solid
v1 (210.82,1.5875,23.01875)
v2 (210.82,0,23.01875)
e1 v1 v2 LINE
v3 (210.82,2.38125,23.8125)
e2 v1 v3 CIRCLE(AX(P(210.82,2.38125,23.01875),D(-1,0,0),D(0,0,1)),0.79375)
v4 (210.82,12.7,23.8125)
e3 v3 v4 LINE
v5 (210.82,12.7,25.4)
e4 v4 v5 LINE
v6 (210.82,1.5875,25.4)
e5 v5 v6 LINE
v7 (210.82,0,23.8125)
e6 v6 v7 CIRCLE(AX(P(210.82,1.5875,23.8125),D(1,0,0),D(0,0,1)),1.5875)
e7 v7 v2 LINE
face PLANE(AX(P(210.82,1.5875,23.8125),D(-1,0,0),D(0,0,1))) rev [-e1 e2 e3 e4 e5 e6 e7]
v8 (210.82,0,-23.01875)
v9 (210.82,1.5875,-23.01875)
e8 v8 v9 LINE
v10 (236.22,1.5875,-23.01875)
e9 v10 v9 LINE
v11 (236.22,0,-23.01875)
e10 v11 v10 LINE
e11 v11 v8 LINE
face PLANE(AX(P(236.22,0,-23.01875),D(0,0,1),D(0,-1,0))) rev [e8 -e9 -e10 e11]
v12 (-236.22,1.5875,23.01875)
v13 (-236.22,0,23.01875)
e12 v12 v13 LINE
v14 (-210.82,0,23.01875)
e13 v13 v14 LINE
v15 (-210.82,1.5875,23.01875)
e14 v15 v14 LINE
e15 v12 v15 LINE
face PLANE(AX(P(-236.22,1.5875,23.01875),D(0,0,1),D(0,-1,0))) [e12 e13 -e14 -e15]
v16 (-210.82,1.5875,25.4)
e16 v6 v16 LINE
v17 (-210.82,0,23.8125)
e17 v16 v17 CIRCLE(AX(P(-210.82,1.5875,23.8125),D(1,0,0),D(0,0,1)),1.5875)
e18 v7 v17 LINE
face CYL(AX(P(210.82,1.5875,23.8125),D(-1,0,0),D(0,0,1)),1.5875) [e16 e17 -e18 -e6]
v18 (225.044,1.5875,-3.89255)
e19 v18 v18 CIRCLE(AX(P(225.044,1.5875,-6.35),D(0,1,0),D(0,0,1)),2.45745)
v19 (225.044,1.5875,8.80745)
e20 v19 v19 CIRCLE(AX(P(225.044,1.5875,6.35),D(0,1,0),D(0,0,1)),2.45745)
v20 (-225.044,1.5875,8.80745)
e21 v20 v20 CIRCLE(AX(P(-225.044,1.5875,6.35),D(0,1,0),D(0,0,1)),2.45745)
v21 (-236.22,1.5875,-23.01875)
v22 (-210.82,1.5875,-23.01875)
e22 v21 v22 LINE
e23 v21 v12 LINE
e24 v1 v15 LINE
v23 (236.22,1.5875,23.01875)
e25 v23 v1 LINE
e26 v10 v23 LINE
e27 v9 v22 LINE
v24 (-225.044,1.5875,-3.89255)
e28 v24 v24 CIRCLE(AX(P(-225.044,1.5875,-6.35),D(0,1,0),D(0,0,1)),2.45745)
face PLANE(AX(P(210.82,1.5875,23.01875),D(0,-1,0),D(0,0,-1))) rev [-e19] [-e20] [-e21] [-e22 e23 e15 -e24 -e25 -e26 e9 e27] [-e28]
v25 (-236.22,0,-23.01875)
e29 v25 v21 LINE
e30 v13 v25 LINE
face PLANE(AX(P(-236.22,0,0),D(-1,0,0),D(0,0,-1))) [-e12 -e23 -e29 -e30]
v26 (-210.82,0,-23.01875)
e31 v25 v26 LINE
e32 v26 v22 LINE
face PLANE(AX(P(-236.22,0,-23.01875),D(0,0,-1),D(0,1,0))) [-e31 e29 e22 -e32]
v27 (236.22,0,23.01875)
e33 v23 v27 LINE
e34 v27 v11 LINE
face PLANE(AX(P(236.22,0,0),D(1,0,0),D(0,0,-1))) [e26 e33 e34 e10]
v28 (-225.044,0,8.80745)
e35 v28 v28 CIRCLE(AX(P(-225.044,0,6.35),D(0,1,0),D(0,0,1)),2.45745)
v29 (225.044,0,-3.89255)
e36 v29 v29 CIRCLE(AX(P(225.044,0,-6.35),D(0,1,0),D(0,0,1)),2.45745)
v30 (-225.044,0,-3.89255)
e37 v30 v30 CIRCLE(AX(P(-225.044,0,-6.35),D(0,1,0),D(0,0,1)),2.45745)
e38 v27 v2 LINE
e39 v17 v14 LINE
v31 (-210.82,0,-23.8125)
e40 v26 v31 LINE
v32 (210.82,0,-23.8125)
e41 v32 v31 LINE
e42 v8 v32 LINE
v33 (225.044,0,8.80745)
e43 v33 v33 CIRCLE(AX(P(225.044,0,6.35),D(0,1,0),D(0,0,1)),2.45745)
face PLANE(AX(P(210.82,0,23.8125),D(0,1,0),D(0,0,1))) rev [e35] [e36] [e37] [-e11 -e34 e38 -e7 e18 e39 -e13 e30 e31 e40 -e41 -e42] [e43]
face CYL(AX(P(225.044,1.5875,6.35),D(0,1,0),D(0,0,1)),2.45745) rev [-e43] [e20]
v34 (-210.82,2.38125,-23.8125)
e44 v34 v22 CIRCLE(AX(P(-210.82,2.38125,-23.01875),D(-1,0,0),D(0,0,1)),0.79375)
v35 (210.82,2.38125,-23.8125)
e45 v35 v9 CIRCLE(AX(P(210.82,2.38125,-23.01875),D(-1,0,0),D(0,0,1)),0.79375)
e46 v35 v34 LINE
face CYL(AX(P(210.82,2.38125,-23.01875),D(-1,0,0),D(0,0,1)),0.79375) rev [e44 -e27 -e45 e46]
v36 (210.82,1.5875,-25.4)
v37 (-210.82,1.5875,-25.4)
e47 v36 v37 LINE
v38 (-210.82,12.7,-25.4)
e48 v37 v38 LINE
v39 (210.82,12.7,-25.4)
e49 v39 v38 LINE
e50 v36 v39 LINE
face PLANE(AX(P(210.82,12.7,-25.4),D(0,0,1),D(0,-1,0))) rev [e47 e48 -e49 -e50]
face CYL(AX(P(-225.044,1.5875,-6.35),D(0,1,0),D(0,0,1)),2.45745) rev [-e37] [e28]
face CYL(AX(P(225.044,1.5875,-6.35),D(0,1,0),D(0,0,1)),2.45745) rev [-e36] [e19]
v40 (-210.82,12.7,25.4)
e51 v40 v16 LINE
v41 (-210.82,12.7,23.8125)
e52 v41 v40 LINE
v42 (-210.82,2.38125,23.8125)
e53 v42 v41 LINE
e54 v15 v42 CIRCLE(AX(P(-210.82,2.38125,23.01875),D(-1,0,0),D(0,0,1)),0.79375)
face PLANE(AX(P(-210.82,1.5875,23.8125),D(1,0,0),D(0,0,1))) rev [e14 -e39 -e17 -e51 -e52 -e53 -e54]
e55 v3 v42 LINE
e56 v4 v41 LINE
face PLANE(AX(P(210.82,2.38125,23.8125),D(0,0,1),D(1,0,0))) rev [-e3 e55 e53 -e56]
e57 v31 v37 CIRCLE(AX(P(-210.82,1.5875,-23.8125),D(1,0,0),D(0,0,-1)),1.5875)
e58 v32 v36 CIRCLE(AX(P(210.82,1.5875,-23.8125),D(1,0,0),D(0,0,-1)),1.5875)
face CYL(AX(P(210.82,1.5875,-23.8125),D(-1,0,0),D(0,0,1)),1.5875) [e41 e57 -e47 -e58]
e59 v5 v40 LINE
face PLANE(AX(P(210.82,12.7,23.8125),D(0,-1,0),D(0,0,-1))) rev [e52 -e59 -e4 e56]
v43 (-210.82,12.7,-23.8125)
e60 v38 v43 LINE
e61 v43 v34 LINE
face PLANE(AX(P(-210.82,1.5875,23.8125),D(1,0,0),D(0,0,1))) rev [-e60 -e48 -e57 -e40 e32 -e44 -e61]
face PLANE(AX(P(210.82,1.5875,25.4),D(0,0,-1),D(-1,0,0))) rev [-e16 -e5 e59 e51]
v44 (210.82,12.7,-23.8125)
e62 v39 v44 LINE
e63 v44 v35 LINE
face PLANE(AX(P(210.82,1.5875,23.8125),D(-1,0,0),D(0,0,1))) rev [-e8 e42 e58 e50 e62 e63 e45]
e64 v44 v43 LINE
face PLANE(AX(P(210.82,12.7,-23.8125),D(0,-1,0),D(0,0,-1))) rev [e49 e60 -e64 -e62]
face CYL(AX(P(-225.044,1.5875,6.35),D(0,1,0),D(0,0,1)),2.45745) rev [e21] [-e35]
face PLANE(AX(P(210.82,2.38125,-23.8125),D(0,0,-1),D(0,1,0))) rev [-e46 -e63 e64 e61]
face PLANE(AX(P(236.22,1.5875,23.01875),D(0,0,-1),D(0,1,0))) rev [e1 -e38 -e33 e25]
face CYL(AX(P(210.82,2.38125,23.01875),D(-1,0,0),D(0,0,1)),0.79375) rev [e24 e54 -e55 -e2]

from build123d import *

# Parameters (mm, degrees)
BOSS_EXTRUDE1_DEPTH   = 210.82
SKETCH2_W             = 46.0375
SKETCH2_H             = 1.5875
BOSS_EXTRUDE2_DEPTH   = 25.4
SKETCH3_R             = 0.635
CUT_EXTRUDE1_DEPTH    = 238.841409465
F_8_CLEARANCE_HOLE1_D = 4.9149


with BuildPart() as part:
    # Sketch1 → Boss-Extrude1 (new body)
    with BuildSketch(Plane(origin=(0, 0, 0), x_dir=(0, 0, -1), z_dir=(1, 0, 0))):
        with BuildLine():
            Line((-23.8125, 0), (23.8125, 0))
            ThreePointArc((23.8125, 0), (24.935032015, 0.464967985), (25.4, 1.5875))
            Line((25.4, 1.5875), (25.4, 12.7))
            Line((25.4, 12.7), (23.8125, 12.7))
            Line((23.8125, 12.7), (23.8125, 2.38125))
            ThreePointArc((23.8125, 2.38125), (23.580016008, 1.819983992), (23.01875, 1.5875))
            Line((23.01875, 1.5875), (-23.01875, 1.5875))
            ThreePointArc((-23.01875, 1.5875), (-23.580016008, 1.819983992), (-23.8125, 2.38125))
            Line((-23.8125, 2.38125), (-23.8125, 12.7))
            Line((-23.8125, 12.7), (-25.4, 12.7))
            Line((-25.4, 12.7), (-25.4, 1.5875))
            ThreePointArc((-25.4, 1.5875), (-24.935032015, 0.464967985), (-23.8125, 0))
        make_face()
    boss_extrude1 = extrude(amount=BOSS_EXTRUDE1_DEPTH)

    # Sketch2 → Boss-Extrude2 (add)
    with BuildSketch(Plane(origin=(210.82, 0, 0), x_dir=(0, 0, -1), z_dir=(1, 0, 0))):
        with Locations((0, 0.79375)):
            Rectangle(SKETCH2_W, SKETCH2_H)
    boss_extrude2 = extrude(amount=BOSS_EXTRUDE2_DEPTH)

    # Mirror1: Boss-Extrude1, Boss-Extrude2 across plane
    add(boss_extrude1.mirror(Plane(origin=(0, 0, 0), x_dir=(0, 0, 1), z_dir=(1, 0, 0))))
    add(boss_extrude2.mirror(Plane(origin=(0, 0, 0), x_dir=(0, 0, 1), z_dir=(1, 0, 0))))

    # Sketch3 → Cut-Extrude1 (cut, through all)
    with BuildSketch(Plane(origin=(0, 1.5875, 0), x_dir=(1, 0, 0), z_dir=(0, 1, 0))):
        with Locations(Location((225.044, -6.35, 0), (0, 0, 270))):
            Circle(SKETCH3_R)
        with Locations(Location((225.044, 6.35, 0), (0, 0, 270))):
            Circle(SKETCH3_R)
    extrude(amount=-CUT_EXTRUDE1_DEPTH, mode=Mode.SUBTRACT)

    # #8 Clearance Hole1 (through all)
    with Locations(Plane(origin=(0, 1.5875, 0), x_dir=(1, 0, 0), z_dir=(0, 1, 0))):
        with Locations((225.044, -6.35), (225.044, 6.35)):
            f_8_clearance_hole1 = Hole(F_8_CLEARANCE_HOLE1_D / 2)

    # Mirror2: #8 Clearance Hole1 across plane
    add(f_8_clearance_hole1.mirror(Plane(origin=(0, 0, 0), x_dir=(0, 0, 1), z_dir=(1, 0, 0))), mode=Mode.SUBTRACT)


solid = part.part
